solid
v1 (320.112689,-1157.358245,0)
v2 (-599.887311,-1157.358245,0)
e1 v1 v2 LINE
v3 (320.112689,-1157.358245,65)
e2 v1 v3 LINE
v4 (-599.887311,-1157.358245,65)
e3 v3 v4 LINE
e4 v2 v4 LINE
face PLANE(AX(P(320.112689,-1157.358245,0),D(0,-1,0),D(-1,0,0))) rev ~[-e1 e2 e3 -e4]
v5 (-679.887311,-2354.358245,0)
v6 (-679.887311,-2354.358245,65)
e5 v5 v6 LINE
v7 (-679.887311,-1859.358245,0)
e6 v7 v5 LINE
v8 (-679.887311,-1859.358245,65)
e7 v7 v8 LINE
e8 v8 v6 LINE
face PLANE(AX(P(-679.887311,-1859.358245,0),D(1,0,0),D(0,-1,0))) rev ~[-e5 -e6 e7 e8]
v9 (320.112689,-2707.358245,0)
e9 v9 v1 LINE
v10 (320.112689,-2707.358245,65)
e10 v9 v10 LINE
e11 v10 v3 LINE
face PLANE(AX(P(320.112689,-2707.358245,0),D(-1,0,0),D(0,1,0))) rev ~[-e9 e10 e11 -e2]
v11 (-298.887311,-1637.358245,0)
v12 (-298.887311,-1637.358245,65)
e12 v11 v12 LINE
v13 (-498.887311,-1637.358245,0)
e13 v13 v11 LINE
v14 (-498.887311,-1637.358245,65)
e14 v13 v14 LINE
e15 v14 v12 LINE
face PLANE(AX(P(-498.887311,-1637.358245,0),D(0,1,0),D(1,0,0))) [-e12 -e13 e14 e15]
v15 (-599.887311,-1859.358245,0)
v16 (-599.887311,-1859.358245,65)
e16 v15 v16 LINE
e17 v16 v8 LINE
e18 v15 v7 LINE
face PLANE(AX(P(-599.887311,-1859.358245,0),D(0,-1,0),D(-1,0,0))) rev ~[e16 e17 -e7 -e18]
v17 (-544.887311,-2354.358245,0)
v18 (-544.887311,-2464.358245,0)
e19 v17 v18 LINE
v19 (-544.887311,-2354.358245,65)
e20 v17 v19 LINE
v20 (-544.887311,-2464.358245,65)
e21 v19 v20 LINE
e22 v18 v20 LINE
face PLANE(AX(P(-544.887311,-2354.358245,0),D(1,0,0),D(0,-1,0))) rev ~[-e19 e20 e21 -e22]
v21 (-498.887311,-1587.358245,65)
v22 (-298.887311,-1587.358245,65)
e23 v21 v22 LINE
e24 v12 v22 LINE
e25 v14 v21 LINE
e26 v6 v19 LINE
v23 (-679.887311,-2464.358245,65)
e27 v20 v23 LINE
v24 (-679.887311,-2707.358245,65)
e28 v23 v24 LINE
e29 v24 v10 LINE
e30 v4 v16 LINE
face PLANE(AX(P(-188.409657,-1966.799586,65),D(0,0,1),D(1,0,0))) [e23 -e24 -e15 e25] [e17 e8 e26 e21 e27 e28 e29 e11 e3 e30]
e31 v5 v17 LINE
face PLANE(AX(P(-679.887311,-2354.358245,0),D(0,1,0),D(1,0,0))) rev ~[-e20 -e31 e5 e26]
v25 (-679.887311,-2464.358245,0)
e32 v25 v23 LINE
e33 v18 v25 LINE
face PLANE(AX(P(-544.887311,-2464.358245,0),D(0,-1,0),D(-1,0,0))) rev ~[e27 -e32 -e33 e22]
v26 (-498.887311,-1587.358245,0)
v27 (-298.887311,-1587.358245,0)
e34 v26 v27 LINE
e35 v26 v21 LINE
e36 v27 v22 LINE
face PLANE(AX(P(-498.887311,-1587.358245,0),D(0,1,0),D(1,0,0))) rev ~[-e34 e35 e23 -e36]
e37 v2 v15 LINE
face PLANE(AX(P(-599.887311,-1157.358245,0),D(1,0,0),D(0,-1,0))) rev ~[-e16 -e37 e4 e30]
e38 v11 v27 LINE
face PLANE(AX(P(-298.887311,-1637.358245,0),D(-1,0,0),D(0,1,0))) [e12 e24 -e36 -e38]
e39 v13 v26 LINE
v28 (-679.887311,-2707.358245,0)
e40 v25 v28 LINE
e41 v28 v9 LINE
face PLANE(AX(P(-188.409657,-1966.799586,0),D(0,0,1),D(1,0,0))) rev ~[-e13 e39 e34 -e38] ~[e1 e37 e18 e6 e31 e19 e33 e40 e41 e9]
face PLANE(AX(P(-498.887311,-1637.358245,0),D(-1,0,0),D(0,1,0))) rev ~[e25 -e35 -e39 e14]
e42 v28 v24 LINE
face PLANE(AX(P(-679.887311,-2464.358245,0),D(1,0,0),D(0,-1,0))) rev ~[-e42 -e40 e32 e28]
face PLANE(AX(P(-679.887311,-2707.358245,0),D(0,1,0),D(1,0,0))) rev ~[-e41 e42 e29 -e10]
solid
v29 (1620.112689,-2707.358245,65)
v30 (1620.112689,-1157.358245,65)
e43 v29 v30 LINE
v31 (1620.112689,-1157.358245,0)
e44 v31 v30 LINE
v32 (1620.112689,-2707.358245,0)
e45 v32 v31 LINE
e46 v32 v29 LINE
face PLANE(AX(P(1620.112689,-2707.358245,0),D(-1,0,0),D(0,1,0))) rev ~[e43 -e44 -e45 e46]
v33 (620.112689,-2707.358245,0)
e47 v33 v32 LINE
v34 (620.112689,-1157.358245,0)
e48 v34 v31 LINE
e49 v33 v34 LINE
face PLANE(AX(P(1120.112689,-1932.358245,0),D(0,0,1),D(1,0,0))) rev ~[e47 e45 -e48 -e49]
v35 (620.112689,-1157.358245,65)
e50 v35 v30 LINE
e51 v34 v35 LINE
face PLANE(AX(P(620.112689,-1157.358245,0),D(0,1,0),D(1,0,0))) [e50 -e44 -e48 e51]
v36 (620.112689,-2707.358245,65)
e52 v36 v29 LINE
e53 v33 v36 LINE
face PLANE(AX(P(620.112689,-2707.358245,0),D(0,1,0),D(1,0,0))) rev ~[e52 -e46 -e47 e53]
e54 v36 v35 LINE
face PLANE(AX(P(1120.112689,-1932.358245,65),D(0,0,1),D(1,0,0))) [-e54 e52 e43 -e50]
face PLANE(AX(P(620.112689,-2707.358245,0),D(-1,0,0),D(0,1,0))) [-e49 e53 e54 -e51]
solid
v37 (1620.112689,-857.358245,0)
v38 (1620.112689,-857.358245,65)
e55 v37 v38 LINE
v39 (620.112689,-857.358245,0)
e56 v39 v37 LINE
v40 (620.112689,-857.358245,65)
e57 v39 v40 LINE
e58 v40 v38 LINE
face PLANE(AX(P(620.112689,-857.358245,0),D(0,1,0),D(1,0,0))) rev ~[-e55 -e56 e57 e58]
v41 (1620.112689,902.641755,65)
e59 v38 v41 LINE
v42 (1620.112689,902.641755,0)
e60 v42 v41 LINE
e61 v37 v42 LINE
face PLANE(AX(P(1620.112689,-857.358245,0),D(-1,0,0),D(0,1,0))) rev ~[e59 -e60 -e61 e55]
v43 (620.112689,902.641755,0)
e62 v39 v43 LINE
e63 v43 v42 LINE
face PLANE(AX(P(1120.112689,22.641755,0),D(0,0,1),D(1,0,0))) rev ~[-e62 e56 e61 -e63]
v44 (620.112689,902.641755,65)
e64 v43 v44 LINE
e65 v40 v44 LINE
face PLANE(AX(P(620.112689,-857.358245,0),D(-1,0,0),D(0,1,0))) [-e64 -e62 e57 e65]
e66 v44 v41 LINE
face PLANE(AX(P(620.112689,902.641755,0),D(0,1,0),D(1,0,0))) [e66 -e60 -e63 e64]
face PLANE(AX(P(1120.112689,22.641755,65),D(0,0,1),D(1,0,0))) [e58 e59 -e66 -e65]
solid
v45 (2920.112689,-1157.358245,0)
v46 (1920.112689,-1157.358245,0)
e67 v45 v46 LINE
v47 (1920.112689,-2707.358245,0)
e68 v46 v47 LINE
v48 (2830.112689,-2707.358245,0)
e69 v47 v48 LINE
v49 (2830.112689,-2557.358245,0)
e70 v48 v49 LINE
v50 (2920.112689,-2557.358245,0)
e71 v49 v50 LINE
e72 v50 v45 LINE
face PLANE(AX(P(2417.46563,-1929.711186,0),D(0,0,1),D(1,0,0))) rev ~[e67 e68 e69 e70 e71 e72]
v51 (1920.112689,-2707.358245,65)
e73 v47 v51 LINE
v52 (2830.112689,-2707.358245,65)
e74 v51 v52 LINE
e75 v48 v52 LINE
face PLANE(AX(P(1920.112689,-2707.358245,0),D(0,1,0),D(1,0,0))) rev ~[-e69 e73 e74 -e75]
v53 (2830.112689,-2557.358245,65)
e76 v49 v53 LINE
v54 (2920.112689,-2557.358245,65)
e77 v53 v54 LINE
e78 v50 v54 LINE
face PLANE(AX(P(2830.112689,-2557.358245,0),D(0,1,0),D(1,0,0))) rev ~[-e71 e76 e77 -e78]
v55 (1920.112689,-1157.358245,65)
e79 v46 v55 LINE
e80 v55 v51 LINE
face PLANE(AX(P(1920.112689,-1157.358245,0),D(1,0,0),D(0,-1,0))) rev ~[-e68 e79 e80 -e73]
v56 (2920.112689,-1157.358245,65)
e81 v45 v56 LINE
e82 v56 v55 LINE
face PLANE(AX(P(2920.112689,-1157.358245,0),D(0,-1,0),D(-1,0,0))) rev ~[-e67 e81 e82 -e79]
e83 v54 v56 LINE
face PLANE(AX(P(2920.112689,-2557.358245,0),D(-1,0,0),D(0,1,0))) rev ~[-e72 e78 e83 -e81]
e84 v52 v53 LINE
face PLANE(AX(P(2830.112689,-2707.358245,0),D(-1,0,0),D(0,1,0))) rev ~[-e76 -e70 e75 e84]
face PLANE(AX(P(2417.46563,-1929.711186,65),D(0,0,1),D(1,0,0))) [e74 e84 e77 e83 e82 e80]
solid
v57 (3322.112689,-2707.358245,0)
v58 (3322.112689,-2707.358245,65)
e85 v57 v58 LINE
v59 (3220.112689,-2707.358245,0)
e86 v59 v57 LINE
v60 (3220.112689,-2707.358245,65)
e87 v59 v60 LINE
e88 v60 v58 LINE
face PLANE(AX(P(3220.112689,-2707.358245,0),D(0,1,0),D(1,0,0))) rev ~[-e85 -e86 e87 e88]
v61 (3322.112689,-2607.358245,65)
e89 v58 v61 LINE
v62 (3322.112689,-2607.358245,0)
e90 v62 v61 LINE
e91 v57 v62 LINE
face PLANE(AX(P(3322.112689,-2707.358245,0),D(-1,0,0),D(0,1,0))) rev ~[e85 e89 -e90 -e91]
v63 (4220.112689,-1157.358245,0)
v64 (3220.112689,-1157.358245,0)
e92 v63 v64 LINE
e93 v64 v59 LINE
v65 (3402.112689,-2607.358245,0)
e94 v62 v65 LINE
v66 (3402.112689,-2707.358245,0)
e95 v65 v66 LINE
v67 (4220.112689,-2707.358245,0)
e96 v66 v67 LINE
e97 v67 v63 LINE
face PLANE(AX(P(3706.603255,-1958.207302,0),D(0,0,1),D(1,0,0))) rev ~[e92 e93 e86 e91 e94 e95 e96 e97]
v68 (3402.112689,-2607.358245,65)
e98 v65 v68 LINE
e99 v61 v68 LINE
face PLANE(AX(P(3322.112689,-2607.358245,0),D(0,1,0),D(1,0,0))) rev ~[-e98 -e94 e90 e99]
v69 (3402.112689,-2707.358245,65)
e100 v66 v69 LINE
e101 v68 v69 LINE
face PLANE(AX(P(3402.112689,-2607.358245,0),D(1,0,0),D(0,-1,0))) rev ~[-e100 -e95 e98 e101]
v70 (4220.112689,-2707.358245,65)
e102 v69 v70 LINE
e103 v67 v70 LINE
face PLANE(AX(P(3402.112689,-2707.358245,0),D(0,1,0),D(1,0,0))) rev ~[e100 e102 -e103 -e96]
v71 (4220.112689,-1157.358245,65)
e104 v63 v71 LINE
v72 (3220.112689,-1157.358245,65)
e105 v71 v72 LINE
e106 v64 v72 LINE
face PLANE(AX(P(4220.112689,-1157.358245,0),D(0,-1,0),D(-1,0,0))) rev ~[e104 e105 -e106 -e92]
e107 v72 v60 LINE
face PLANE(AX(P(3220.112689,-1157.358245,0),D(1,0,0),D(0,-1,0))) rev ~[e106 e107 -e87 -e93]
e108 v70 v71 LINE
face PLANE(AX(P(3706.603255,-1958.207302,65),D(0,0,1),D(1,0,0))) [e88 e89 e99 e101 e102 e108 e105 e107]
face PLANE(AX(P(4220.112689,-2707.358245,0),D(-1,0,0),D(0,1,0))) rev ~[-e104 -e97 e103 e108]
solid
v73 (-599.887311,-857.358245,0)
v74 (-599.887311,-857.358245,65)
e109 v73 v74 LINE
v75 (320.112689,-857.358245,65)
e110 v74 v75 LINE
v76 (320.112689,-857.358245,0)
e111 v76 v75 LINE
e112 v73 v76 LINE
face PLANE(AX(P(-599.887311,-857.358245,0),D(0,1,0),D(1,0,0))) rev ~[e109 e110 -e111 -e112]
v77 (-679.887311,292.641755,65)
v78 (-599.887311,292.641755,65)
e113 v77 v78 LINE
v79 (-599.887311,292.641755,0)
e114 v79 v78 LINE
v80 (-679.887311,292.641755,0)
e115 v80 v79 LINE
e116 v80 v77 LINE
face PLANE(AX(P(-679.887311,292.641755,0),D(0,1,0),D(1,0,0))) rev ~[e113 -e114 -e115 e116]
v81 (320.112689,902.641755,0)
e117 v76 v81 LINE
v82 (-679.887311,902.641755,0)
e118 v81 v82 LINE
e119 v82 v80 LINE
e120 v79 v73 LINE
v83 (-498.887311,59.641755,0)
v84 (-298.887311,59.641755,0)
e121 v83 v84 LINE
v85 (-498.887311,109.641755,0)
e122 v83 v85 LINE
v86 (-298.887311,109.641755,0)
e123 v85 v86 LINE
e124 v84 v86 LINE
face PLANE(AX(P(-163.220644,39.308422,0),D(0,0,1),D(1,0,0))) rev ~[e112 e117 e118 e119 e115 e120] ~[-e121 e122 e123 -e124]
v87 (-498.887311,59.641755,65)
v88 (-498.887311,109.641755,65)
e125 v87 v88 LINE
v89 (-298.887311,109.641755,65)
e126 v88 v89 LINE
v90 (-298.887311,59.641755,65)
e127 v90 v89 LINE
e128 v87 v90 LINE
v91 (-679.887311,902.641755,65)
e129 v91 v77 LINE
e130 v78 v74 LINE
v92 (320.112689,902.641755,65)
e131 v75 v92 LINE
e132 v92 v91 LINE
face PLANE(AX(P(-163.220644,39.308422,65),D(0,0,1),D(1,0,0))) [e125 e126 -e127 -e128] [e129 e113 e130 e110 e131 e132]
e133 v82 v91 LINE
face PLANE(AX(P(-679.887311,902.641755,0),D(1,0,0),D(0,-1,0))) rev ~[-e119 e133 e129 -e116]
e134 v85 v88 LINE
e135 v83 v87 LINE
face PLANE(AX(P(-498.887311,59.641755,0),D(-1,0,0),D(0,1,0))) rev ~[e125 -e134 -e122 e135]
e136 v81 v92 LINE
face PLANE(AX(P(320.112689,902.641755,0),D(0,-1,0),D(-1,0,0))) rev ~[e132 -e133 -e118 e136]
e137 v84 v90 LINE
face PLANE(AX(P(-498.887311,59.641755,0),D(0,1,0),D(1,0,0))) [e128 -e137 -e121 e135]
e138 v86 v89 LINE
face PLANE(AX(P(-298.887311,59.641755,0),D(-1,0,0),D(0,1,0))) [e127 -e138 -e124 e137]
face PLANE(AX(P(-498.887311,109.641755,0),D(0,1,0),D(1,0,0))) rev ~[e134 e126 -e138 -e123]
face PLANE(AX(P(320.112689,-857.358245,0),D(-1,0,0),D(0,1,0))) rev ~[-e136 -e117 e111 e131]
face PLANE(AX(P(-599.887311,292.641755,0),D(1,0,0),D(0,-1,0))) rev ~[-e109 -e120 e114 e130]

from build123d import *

# Parameters (mm, degrees)
F0_W     = 200
F0_H     = 50
F0_W_2   = 1000
F0_H_2   = 1760
F0_H_3   = 1550
F1_DEPTH = 65


with BuildPart() as f1:
    # F0 (on Top) → F1 (new body)
    with BuildSketch(Plane.XY):
        Polygon((320.112689, 902.641755), (-679.887311, 902.641755), (-679.887311, 292.641755), (-599.887311, 292.641755), (-599.887311, -857.358245), (320.112689, -857.358245), align=None)
        with Locations((-398.887311, 84.641755)):
            Rectangle(F0_W, F0_H, mode=Mode.SUBTRACT)
        with Locations((1120.112689, 22.641755)):
            Rectangle(F0_W_2, F0_H_2)
        Polygon((320.112689, -1157.358245), (-599.887311, -1157.358245), (-599.887311, -1859.358245), (-679.887311, -1859.358245), (-679.887311, -2354.358245), (-544.887311, -2354.358245), (-544.887311, -2464.358245), (-679.887311, -2464.358245), (-679.887311, -2707.358245), (320.112689, -2707.358245), align=None)
        with Locations((-398.887311, -1612.358245)):
            Rectangle(F0_W, F0_H, mode=Mode.SUBTRACT)
        with Locations((1120.112689, -1932.358245)):
            Rectangle(F0_W_2, F0_H_3)
        Polygon((2920.112689, -1157.358245), (1920.112689, -1157.358245), (1920.112689, -2707.358245), (2830.112689, -2707.358245), (2830.112689, -2557.358245), (2920.112689, -2557.358245), align=None)
        Polygon((4220.112689, -1157.358245), (3220.112689, -1157.358245), (3220.112689, -2707.358245), (3322.112689, -2707.358245), (3322.112689, -2607.358245), (3402.112689, -2607.358245), (3402.112689, -2707.358245), (4220.112689, -2707.358245), align=None)
    extrude(amount=F1_DEPTH)


solid = f1.part
